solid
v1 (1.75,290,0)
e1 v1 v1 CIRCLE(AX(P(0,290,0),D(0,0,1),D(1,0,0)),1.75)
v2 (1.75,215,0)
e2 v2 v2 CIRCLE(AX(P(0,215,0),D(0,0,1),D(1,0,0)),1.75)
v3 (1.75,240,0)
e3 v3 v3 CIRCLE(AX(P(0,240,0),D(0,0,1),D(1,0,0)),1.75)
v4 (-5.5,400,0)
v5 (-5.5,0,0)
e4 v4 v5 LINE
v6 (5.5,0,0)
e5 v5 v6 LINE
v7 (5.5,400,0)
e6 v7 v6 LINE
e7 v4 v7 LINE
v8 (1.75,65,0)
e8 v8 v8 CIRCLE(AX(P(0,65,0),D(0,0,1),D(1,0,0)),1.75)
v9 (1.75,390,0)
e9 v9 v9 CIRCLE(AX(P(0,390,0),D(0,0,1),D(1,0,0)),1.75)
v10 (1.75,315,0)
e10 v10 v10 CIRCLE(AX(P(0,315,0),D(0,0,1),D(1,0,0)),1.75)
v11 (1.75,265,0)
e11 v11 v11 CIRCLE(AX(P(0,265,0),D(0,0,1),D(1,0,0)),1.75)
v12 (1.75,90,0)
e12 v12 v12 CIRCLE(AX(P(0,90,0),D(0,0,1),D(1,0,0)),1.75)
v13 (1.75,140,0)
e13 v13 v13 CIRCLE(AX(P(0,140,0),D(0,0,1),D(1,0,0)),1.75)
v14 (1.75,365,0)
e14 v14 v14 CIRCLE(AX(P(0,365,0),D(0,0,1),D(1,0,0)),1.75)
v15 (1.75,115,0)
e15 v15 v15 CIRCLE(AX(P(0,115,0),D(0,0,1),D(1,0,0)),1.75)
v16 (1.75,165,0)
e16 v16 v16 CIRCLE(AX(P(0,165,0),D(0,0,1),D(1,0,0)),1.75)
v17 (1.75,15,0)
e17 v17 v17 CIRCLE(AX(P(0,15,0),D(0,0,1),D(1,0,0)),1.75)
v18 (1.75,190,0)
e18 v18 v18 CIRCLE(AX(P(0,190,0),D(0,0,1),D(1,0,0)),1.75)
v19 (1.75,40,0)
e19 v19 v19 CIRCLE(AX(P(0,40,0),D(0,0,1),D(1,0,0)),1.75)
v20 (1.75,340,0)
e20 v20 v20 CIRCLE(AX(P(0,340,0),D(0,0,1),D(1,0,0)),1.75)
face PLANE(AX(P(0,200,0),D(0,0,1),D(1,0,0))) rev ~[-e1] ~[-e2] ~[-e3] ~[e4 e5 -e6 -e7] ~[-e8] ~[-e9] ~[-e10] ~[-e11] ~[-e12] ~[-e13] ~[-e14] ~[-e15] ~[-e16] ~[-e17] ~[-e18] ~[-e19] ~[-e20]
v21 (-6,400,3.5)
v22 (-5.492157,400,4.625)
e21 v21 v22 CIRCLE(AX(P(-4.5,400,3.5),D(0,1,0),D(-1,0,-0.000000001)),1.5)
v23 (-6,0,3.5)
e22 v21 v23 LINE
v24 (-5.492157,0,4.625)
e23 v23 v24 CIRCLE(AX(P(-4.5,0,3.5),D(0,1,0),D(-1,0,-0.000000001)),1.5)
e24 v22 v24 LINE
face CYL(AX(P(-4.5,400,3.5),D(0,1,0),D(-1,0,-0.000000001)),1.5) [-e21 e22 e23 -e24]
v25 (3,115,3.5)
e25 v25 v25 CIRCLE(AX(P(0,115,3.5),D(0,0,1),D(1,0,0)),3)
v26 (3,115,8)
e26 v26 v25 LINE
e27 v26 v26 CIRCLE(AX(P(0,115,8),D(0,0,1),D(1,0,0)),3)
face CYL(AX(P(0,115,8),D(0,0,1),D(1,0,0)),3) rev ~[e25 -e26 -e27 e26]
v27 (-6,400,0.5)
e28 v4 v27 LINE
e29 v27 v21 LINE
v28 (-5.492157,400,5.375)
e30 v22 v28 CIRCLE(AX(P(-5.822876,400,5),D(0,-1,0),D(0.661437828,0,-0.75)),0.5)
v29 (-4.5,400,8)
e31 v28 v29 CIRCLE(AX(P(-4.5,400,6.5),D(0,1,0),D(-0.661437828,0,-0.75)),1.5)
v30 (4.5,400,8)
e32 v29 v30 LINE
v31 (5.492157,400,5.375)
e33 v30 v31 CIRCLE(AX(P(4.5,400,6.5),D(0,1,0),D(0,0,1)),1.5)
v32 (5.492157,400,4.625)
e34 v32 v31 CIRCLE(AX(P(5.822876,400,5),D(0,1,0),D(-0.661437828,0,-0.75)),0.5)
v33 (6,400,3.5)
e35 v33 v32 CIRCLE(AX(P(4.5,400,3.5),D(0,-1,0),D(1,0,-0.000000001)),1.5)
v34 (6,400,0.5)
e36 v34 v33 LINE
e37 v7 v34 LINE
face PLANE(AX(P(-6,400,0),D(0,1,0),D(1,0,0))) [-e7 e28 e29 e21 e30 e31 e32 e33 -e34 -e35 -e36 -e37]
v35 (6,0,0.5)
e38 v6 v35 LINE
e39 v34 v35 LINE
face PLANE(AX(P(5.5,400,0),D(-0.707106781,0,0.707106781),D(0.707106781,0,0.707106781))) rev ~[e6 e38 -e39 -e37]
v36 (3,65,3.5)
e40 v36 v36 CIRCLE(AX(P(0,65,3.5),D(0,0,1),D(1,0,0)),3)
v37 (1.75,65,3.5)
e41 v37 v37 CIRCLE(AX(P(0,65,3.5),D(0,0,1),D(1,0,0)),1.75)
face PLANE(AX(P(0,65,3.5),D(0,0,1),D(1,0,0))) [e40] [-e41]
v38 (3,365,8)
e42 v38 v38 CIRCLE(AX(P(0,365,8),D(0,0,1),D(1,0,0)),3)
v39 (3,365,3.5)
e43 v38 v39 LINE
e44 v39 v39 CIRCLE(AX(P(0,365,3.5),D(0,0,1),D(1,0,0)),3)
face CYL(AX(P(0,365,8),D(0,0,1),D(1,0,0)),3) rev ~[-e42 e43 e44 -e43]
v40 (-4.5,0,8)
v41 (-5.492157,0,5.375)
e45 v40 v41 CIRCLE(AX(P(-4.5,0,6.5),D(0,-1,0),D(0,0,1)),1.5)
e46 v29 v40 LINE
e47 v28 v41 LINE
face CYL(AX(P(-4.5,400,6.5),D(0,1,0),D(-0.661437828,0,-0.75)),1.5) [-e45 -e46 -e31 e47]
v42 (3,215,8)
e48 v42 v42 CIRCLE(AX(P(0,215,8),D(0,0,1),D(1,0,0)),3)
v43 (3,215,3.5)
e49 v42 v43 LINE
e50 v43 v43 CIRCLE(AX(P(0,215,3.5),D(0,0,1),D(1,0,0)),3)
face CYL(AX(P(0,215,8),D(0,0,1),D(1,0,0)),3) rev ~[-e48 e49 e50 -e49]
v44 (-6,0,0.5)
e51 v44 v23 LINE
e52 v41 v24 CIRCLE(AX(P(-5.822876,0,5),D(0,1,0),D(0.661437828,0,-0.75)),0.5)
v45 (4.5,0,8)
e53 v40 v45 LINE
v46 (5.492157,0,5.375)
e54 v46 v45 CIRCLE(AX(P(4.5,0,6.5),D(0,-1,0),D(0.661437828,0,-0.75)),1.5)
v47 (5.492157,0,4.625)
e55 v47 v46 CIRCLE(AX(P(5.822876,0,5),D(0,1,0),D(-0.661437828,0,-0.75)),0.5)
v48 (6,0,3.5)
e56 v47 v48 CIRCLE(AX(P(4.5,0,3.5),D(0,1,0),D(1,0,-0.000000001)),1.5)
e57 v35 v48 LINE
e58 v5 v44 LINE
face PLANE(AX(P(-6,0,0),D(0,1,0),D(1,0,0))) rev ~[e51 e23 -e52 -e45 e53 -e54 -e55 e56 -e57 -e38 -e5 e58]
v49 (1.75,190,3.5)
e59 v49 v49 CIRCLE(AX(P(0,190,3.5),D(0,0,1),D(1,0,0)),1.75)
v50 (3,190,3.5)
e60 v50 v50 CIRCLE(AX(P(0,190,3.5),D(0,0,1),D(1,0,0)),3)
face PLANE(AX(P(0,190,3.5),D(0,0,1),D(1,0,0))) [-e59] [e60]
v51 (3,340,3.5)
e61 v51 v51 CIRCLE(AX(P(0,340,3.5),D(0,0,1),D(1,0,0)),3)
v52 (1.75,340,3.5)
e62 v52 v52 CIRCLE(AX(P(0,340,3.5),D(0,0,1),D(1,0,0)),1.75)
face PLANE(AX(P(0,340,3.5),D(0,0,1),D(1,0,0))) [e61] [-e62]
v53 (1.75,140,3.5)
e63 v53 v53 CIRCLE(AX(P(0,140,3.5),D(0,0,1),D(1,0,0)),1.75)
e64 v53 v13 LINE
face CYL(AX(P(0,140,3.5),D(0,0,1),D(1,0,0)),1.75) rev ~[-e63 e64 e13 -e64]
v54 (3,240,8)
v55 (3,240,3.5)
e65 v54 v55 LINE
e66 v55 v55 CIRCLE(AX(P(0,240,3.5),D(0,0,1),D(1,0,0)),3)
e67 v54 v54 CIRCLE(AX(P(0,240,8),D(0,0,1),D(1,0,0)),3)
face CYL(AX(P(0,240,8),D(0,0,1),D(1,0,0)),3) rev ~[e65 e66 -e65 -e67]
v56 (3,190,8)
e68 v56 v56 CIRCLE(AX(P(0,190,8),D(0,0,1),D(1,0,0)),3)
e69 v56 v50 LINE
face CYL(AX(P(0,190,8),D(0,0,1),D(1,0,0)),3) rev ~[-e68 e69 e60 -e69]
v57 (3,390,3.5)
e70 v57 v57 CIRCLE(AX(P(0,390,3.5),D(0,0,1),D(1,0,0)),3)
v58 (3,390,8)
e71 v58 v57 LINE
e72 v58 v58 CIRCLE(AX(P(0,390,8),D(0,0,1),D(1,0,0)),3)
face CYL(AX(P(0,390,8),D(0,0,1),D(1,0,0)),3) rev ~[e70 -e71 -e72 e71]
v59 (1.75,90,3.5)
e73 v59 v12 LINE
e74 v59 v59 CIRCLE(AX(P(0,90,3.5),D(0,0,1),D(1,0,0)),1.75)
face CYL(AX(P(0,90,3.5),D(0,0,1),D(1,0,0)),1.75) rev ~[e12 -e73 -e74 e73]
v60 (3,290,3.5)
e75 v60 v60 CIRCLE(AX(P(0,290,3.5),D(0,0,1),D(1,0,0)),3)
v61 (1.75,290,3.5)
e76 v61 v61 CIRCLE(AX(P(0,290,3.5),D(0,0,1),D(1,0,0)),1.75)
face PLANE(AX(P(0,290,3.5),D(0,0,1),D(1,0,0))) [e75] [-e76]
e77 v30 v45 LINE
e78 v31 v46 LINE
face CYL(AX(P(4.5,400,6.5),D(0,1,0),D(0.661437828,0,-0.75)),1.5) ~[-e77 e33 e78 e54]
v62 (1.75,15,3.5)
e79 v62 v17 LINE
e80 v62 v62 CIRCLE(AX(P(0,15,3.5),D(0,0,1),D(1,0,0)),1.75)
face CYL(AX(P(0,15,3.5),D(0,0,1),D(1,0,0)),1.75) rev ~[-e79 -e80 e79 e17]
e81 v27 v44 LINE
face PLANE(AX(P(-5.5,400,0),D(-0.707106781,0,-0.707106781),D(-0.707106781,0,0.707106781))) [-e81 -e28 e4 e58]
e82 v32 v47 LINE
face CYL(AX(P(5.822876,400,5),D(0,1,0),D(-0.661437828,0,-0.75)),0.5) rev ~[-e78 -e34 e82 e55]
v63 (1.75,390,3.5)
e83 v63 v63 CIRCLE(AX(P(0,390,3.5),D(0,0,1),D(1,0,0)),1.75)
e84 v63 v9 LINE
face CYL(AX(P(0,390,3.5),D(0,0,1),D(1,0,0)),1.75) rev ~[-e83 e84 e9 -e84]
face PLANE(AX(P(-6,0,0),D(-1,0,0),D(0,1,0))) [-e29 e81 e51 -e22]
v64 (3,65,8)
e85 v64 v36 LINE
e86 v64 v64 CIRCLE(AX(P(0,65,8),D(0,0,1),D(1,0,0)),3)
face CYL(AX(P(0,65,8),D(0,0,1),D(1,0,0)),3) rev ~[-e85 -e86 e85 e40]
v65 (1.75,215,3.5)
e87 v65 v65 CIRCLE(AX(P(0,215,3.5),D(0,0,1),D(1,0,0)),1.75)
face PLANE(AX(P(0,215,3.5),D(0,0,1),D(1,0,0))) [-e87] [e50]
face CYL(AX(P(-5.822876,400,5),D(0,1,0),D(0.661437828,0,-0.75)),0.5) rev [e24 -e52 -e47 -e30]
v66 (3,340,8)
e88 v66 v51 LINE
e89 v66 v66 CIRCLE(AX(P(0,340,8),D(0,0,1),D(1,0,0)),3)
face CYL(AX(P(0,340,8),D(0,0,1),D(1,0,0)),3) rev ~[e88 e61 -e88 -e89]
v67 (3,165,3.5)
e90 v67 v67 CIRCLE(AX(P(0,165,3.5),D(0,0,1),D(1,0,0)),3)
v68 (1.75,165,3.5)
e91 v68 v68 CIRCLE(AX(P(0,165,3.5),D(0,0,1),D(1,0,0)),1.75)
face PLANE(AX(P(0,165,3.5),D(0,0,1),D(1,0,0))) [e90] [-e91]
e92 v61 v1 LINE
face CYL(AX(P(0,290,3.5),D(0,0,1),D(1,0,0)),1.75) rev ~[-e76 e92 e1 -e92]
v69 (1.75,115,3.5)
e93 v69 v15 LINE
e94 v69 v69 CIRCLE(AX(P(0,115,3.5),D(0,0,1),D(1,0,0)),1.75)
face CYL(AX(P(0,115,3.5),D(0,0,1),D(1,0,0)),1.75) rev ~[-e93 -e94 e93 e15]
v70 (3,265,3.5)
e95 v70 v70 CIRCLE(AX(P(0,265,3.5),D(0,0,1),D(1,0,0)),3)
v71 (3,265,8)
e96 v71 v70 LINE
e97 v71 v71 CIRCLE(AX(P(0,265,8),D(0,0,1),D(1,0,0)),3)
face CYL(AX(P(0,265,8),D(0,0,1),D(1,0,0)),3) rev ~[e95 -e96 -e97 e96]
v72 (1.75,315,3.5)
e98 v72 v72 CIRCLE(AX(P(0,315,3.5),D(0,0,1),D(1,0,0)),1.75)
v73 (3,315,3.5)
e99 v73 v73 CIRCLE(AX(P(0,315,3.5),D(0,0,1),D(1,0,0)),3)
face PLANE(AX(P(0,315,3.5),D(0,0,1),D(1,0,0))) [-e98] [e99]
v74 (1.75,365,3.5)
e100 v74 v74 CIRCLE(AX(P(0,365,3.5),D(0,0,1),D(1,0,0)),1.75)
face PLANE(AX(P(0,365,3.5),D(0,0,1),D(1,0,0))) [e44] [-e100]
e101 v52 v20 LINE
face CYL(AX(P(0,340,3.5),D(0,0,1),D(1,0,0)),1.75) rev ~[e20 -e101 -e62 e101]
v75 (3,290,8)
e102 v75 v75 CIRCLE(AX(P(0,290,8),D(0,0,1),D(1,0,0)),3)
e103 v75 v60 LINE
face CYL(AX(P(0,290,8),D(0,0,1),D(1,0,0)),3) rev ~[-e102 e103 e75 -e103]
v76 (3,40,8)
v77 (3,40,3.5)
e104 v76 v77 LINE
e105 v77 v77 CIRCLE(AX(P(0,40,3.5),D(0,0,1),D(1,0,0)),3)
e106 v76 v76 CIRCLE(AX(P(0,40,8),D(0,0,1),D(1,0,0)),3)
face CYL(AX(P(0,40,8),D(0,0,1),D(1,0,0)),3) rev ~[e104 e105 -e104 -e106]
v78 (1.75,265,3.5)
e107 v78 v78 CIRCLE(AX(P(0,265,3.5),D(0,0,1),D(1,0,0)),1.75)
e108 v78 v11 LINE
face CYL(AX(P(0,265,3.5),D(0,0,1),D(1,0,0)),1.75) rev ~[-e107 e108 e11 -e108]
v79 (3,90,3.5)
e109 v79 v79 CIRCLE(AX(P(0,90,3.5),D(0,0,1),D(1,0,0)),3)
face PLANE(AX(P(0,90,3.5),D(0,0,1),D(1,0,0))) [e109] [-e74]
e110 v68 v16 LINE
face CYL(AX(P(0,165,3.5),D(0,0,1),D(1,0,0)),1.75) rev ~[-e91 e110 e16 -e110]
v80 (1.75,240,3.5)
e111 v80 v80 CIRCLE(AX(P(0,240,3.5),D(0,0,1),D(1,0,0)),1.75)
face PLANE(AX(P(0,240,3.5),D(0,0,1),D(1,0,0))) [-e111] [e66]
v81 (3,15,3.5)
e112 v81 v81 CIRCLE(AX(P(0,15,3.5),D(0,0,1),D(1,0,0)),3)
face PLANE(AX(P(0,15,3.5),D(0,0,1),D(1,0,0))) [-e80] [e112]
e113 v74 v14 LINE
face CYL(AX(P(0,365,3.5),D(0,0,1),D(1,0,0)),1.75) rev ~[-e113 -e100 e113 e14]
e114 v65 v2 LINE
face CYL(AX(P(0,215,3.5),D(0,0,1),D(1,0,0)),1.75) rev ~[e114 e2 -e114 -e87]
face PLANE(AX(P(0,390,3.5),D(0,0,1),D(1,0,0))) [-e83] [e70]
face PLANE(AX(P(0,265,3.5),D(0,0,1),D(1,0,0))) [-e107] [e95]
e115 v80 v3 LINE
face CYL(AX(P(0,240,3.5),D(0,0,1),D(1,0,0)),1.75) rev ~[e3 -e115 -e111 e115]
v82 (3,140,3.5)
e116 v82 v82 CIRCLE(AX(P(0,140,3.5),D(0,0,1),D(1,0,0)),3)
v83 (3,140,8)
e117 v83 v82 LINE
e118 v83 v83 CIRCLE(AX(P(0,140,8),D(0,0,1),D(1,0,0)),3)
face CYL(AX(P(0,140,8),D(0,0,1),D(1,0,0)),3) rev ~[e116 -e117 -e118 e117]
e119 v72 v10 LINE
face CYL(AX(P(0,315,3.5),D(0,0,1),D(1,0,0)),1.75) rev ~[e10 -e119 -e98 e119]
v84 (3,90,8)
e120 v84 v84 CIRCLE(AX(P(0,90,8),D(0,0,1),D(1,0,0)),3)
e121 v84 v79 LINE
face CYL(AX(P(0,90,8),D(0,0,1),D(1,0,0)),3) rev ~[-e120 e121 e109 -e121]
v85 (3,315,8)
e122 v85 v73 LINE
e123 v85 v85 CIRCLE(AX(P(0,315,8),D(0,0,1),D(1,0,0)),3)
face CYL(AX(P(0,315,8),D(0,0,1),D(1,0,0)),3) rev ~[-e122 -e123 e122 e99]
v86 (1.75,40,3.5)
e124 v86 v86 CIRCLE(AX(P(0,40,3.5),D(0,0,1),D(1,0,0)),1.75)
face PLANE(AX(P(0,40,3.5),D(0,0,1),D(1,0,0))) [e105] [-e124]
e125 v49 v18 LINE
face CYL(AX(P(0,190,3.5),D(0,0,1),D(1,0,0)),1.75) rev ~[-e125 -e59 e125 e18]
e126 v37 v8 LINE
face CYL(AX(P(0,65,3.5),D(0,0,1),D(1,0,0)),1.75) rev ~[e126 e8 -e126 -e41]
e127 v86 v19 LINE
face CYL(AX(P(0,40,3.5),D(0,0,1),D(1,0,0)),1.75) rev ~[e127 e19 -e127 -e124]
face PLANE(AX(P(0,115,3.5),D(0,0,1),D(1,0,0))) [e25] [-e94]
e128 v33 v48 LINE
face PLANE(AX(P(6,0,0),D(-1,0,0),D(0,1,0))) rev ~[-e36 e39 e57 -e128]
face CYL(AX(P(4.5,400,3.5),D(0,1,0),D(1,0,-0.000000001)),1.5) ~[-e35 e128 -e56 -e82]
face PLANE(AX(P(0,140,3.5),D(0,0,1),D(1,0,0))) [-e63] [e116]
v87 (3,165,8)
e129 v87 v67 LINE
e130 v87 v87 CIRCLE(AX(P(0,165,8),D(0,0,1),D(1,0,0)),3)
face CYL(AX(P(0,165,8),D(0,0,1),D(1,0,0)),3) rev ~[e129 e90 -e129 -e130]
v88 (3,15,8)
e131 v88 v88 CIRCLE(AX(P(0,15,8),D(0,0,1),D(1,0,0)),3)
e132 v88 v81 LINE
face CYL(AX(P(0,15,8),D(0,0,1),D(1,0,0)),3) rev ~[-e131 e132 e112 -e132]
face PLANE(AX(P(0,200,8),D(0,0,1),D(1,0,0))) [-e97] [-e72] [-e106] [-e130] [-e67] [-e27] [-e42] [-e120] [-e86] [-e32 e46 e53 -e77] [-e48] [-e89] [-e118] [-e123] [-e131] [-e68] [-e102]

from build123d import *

# Parameters (mm, degrees)
SKETCH1_W           = 12
SKETCH1_H           = 400
BOSS_EXTRUDE1_DEPTH = 8
CUT_EXTRUDE1_DEPTH  = 401
SKETCH3_R           = 3
CUT_EXTRUDE2_DEPTH  = 4.5
SKETCH4_R           = 1.75
CUT_EXTRUDE3_DEPTH  = 4.5
LPATTERN1_COUNT     = 16
LPATTERN1_PITCH     = 25


with BuildPart() as part:
    # Sketch1 → Boss-Extrude1 (new body)
    with BuildSketch(Plane.XY):
        with Locations((0, 200)):
            Rectangle(SKETCH1_W, SKETCH1_H)
    extrude(amount=BOSS_EXTRUDE1_DEPTH)

    # Sketch2 → Cut-Extrude1 (cut, through all)
    with BuildSketch(Plane(origin=(0, 400, 0), x_dir=(1, 0, 0), z_dir=(0, 1, 0))):
        with BuildLine():
            Line((-5.5, 0), (-6, -0.5))
            Line((-6, -0.5), (-6, -3.5))
            ThreePointArc((-6, -3.5), (-5.867156742, -4.117156742), (-5.492156742, -4.625))
            ThreePointArc((-5.492156742, -4.625), (-5.322875656, -5), (-5.492156742, -5.375))
            ThreePointArc((-5.492156742, -5.375), (-5.90312152, -7.030330086), (-4.5, -8))
            Line((-4.5, -8), (-7.760322007, -8))
            Line((-7.760322007, -8), (-7.760322007, 0))
            Line((-7.760322007, 0), (-5.5, 0))
        make_face()
        with BuildLine():
            Line((6, -0.5), (6, -3.5))
            ThreePointArc((6, -3.5), (5.867156742, -4.117156742), (5.492156742, -4.625))
            ThreePointArc((5.492156742, -4.625), (5.322875656, -5), (5.492156742, -5.375))
            ThreePointArc((5.492156742, -5.375), (5.90312152, -7.030330086), (4.5, -8))
            Line((4.5, -8), (7.760322007, -8))
            Line((7.760322007, -8), (7.760322007, 0))
            Line((7.760322007, 0), (5.5, 0))
            Line((5.5, 0), (6, -0.5))
        make_face()
    extrude(amount=-CUT_EXTRUDE1_DEPTH, mode=Mode.SUBTRACT)

    # Sketch3 → Cut-Extrude2 (cut)
    with BuildSketch(Plane.XY.offset(8)):
        with Locations((0, 390)):
            Circle(SKETCH3_R)
    cut_extrude2 = extrude(amount=-CUT_EXTRUDE2_DEPTH, mode=Mode.SUBTRACT)

    # Sketch4 → Cut-Extrude3 (cut, through all)
    with BuildSketch(Plane.XY.offset(3.5)):
        with Locations((0, 390)):
            Circle(SKETCH4_R)
    cut_extrude3 = extrude(amount=-CUT_EXTRUDE3_DEPTH, mode=Mode.SUBTRACT)

    # LPattern1: Cut-Extrude2, Cut-Extrude3 ×16
    with Locations(*[(0, -i * LPATTERN1_PITCH, 0) for i in range(1, LPATTERN1_COUNT)]):
        add(cut_extrude2, mode=Mode.SUBTRACT)
        add(cut_extrude3, mode=Mode.SUBTRACT)


solid = part.part
